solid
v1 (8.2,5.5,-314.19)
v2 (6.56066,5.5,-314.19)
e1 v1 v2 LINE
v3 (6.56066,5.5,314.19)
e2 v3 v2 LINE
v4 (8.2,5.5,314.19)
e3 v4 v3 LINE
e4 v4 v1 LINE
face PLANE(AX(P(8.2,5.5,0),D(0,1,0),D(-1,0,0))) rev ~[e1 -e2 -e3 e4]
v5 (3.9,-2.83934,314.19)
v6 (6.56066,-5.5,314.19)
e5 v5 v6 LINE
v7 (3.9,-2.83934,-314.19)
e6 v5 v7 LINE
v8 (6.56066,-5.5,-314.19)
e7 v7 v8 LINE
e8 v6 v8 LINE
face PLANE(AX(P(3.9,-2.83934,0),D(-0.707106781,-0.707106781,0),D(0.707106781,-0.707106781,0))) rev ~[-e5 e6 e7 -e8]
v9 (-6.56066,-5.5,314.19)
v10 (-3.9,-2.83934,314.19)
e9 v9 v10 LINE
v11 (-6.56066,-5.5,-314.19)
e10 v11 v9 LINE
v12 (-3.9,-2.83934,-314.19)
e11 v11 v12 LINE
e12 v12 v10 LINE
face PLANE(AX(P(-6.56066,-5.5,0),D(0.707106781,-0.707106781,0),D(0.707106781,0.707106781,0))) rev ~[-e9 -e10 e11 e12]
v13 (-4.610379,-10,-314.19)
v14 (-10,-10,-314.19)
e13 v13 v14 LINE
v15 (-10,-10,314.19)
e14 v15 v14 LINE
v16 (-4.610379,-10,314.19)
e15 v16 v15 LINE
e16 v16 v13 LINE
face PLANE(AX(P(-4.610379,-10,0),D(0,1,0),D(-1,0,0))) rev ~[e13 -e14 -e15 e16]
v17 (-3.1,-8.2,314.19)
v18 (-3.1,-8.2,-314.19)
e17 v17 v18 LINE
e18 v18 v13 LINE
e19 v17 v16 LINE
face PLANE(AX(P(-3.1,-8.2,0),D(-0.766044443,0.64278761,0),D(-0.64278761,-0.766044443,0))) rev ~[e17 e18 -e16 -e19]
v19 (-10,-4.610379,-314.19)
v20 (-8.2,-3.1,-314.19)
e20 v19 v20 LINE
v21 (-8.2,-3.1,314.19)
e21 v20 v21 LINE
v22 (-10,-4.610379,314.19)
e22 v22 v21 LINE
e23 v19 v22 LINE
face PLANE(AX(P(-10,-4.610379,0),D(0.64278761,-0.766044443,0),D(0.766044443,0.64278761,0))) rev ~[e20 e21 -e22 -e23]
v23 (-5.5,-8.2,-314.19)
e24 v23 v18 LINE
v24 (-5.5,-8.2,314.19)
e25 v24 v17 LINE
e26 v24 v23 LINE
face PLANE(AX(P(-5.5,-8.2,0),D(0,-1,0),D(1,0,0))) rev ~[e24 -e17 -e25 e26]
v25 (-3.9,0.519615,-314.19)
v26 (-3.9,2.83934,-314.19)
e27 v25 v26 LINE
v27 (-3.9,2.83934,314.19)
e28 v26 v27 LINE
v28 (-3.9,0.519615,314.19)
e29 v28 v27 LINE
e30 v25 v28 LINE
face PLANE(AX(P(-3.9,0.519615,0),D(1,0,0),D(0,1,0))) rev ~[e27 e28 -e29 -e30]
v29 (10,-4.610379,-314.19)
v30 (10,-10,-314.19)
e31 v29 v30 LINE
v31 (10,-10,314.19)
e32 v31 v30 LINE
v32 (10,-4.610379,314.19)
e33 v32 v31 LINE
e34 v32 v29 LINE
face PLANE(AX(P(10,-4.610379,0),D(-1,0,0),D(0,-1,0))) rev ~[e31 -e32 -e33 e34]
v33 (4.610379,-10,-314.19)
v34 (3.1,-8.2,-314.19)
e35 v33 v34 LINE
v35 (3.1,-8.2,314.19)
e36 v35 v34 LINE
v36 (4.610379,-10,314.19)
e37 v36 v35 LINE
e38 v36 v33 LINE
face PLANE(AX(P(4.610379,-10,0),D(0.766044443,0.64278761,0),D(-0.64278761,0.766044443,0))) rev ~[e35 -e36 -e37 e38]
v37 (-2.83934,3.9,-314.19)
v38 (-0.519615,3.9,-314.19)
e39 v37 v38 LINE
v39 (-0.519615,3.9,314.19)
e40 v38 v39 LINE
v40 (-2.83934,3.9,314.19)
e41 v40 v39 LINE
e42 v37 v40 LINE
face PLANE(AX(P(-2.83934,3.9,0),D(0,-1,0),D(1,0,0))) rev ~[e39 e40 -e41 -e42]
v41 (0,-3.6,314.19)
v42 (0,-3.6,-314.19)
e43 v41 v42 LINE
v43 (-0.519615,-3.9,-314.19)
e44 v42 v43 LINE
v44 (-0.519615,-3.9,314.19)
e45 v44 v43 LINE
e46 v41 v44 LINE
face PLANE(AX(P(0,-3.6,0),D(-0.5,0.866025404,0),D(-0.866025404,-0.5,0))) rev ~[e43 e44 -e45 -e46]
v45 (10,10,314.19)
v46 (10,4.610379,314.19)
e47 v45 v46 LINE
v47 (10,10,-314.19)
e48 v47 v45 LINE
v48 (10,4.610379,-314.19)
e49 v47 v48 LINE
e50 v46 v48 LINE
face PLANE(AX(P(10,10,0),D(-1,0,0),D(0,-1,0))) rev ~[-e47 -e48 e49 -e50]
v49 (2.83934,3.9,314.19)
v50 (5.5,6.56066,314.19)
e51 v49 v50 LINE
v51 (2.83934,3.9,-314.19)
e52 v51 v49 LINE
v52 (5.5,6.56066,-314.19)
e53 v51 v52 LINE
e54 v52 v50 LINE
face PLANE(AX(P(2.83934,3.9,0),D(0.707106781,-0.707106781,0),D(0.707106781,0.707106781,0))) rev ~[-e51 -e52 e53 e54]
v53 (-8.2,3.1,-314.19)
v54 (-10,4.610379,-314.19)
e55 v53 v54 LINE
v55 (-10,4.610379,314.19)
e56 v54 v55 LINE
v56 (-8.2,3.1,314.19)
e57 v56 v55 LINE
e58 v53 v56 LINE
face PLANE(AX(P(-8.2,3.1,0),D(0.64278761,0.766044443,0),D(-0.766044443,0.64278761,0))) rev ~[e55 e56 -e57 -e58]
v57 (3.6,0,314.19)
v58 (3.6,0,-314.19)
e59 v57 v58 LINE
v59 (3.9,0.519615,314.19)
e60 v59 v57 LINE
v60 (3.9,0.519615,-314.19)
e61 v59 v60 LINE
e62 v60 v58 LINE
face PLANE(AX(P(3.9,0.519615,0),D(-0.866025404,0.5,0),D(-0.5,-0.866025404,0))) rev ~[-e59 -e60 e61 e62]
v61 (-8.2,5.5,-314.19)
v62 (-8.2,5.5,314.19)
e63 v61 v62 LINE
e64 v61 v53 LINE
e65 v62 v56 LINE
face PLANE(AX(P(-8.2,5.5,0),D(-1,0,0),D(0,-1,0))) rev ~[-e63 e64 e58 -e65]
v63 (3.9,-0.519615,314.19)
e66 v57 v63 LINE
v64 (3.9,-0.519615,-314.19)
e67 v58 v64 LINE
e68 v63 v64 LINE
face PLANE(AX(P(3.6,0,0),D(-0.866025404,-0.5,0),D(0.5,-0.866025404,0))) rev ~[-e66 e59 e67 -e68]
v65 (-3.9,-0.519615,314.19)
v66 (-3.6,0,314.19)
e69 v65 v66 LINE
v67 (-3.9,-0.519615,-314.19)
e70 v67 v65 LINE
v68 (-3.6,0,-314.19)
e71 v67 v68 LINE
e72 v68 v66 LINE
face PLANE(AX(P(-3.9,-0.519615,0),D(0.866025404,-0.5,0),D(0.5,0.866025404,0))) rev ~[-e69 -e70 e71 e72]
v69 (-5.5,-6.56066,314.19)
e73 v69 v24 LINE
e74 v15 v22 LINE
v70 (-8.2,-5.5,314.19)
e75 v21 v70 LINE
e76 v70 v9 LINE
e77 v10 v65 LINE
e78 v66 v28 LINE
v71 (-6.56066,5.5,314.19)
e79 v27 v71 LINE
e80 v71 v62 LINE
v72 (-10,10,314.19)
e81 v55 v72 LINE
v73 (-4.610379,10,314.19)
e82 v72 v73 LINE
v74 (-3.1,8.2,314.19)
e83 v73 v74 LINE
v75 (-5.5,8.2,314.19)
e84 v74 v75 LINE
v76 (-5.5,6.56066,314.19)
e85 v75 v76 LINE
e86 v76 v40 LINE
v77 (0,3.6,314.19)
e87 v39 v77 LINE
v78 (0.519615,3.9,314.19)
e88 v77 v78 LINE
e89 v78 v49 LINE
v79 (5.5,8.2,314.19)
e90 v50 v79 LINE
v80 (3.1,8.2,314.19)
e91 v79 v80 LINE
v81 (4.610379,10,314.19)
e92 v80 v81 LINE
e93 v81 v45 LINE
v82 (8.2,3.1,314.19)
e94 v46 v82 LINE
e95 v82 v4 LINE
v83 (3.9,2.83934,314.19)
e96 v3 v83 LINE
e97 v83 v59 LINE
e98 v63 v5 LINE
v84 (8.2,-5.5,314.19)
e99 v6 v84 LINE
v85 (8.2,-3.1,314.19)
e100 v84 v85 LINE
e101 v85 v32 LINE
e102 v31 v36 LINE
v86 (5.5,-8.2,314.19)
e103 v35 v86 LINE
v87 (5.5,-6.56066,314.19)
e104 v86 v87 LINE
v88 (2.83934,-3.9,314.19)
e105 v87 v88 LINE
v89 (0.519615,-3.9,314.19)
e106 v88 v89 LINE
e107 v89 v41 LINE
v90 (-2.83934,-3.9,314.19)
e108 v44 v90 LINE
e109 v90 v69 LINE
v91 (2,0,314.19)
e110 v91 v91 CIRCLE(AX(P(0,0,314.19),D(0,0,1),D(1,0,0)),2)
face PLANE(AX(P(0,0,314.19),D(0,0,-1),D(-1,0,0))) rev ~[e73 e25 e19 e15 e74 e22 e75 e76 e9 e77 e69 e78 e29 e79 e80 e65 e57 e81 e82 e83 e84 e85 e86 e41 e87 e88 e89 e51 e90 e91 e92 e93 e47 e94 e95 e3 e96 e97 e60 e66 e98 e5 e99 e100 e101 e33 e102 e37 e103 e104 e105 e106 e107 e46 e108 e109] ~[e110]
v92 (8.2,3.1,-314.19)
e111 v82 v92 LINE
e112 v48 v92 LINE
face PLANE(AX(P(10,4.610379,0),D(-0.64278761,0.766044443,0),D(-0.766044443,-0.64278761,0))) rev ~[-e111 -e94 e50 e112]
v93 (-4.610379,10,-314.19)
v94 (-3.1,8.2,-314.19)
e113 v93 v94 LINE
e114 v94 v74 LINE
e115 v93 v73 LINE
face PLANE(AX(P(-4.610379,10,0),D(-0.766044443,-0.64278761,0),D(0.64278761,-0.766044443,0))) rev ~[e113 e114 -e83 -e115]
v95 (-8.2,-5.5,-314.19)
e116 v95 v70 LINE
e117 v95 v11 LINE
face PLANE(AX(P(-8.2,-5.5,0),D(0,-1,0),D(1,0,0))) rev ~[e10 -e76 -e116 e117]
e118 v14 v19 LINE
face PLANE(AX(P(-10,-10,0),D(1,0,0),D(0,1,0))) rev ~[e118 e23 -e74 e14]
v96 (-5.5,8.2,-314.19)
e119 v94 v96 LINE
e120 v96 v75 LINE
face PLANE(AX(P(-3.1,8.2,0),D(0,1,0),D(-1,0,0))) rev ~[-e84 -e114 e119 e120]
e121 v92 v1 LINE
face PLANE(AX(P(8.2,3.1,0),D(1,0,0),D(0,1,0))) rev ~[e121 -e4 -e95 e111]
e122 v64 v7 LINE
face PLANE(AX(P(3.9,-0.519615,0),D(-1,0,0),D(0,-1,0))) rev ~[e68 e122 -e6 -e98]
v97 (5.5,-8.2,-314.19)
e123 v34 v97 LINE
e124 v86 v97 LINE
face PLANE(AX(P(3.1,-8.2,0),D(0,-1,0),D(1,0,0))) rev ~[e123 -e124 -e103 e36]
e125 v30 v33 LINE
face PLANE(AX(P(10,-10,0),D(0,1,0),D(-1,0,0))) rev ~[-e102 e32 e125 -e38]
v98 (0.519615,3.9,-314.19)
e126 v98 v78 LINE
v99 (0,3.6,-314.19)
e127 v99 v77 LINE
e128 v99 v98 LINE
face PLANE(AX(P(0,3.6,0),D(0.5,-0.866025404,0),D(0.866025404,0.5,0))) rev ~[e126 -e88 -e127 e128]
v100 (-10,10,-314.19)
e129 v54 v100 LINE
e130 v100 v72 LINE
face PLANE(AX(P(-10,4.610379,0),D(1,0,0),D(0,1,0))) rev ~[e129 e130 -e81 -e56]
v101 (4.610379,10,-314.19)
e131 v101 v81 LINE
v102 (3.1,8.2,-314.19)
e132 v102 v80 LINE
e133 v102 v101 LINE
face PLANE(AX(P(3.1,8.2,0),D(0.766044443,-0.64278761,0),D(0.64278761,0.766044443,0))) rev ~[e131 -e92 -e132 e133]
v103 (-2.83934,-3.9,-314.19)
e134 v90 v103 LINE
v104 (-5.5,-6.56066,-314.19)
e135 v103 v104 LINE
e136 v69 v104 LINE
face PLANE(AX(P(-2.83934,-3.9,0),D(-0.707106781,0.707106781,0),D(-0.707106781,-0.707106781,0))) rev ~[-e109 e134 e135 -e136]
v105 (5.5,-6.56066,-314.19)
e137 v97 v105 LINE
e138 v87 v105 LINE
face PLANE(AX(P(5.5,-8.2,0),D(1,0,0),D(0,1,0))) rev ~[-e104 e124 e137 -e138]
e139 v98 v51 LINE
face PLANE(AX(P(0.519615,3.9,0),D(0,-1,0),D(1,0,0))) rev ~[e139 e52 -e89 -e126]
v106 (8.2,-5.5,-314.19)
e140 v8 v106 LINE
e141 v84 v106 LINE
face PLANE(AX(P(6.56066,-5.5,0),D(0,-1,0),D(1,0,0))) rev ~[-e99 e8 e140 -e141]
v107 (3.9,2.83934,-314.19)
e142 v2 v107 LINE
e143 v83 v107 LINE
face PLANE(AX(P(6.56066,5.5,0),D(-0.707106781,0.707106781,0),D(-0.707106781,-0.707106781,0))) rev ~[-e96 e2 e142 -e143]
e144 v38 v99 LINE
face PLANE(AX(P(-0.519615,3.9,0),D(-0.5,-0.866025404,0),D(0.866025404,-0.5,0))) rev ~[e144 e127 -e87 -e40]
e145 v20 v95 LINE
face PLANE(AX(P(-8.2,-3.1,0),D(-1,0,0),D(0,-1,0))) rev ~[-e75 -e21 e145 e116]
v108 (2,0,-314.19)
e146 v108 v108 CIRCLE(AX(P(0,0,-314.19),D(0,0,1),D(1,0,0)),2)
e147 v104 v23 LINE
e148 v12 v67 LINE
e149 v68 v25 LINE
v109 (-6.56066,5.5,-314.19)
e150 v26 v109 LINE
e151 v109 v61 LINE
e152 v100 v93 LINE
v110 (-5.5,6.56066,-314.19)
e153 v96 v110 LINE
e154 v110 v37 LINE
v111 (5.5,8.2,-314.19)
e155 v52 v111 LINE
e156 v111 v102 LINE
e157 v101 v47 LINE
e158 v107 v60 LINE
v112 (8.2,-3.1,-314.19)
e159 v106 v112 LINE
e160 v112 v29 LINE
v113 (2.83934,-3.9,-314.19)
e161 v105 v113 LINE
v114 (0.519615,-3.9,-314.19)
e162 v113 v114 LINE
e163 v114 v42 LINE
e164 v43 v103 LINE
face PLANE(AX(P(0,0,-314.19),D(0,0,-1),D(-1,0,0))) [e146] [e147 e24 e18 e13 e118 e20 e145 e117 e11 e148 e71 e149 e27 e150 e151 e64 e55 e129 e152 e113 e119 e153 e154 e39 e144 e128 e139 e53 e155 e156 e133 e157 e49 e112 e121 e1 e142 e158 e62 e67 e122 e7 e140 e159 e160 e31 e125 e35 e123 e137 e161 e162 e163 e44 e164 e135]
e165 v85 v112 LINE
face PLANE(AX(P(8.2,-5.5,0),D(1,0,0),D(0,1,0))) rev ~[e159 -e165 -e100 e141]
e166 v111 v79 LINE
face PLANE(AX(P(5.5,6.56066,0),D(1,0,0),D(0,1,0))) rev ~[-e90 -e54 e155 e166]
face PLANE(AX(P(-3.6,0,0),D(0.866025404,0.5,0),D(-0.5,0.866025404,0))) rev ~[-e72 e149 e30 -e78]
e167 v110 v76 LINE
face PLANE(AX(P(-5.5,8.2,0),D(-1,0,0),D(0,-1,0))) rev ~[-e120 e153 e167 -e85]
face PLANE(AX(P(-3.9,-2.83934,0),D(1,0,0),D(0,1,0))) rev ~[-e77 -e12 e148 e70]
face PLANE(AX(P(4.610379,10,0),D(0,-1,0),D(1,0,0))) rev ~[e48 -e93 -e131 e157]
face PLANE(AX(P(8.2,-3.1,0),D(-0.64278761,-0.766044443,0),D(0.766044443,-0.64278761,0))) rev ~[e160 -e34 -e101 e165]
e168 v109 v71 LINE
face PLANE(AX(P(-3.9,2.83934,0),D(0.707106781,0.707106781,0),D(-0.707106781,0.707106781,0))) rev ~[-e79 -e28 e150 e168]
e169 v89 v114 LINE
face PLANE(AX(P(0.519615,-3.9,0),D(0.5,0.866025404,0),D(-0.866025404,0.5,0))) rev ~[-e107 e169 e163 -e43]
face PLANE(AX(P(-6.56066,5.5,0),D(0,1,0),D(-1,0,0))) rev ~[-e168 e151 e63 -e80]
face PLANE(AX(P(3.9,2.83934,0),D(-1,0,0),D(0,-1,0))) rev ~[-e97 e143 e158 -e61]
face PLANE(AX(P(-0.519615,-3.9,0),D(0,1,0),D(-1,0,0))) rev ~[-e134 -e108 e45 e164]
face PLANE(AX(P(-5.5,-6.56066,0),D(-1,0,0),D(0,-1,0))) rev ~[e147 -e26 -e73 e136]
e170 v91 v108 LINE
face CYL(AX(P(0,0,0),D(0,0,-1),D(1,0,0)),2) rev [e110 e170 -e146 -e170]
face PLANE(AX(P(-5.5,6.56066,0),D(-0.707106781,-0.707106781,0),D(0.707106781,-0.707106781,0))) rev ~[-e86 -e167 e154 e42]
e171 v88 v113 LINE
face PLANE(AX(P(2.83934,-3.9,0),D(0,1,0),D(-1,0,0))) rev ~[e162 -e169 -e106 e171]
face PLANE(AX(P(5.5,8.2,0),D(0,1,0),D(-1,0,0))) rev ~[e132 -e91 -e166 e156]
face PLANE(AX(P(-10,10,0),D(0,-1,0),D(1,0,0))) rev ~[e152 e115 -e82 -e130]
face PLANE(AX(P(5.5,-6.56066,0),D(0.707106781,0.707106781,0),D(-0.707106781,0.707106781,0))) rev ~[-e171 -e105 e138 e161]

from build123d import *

# Parameters (mm, degrees)
SKETCH1_R           = 2
BOSS_EXTRUDE1_DEPTH = 314.19


with BuildPart() as part:
    # Sketch1 → Boss-Extrude1 (new body, symmetric)
    with BuildSketch(Plane.XY):
        Polygon((10, 10), (10, 4.610379336), (8.2, 3.1), (8.2, 5.5), (6.560660172, 5.5), (3.9, 2.839339828), (3.9, 0.519615242), (3.6, 0), (3.9, -0.519615242), (3.9, -2.839339828), (6.560660172, -5.5), (8.2, -5.5), (8.2, -3.1), (10, -4.610379336), (10, -10), (4.610379336, -10), (3.1, -8.2), (5.5, -8.2), (5.5, -6.560660172), (2.839339828, -3.9), (0.519615242, -3.9), (0, -3.6), (-0.519615242, -3.9), (-2.839339828, -3.9), (-5.5, -6.560660172), (-5.5, -8.2), (-3.1, -8.2), (-4.610379336, -10), (-10, -10), (-10, -4.610379336), (-8.2, -3.1), (-8.2, -5.5), (-6.560660172, -5.5), (-3.9, -2.839339828), (-3.9, -0.519615242), (-3.6, 0), (-3.9, 0.519615242), (-3.9, 2.839339828), (-6.560660172, 5.5), (-8.2, 5.5), (-8.2, 3.1), (-10, 4.610379336), (-10, 10), (-4.610379336, 10), (-3.1, 8.2), (-5.5, 8.2), (-5.5, 6.560660172), (-2.839339828, 3.9), (-0.519615242, 3.9), (0, 3.6), (0.519615242, 3.9), (2.839339828, 3.9), (5.5, 6.560660172), (5.5, 8.2), (3.1, 8.2), (4.610379336, 10), align=None)
        Circle(SKETCH1_R, mode=Mode.SUBTRACT)
    extrude(amount=BOSS_EXTRUDE1_DEPTH, both=True)


solid = part.part
